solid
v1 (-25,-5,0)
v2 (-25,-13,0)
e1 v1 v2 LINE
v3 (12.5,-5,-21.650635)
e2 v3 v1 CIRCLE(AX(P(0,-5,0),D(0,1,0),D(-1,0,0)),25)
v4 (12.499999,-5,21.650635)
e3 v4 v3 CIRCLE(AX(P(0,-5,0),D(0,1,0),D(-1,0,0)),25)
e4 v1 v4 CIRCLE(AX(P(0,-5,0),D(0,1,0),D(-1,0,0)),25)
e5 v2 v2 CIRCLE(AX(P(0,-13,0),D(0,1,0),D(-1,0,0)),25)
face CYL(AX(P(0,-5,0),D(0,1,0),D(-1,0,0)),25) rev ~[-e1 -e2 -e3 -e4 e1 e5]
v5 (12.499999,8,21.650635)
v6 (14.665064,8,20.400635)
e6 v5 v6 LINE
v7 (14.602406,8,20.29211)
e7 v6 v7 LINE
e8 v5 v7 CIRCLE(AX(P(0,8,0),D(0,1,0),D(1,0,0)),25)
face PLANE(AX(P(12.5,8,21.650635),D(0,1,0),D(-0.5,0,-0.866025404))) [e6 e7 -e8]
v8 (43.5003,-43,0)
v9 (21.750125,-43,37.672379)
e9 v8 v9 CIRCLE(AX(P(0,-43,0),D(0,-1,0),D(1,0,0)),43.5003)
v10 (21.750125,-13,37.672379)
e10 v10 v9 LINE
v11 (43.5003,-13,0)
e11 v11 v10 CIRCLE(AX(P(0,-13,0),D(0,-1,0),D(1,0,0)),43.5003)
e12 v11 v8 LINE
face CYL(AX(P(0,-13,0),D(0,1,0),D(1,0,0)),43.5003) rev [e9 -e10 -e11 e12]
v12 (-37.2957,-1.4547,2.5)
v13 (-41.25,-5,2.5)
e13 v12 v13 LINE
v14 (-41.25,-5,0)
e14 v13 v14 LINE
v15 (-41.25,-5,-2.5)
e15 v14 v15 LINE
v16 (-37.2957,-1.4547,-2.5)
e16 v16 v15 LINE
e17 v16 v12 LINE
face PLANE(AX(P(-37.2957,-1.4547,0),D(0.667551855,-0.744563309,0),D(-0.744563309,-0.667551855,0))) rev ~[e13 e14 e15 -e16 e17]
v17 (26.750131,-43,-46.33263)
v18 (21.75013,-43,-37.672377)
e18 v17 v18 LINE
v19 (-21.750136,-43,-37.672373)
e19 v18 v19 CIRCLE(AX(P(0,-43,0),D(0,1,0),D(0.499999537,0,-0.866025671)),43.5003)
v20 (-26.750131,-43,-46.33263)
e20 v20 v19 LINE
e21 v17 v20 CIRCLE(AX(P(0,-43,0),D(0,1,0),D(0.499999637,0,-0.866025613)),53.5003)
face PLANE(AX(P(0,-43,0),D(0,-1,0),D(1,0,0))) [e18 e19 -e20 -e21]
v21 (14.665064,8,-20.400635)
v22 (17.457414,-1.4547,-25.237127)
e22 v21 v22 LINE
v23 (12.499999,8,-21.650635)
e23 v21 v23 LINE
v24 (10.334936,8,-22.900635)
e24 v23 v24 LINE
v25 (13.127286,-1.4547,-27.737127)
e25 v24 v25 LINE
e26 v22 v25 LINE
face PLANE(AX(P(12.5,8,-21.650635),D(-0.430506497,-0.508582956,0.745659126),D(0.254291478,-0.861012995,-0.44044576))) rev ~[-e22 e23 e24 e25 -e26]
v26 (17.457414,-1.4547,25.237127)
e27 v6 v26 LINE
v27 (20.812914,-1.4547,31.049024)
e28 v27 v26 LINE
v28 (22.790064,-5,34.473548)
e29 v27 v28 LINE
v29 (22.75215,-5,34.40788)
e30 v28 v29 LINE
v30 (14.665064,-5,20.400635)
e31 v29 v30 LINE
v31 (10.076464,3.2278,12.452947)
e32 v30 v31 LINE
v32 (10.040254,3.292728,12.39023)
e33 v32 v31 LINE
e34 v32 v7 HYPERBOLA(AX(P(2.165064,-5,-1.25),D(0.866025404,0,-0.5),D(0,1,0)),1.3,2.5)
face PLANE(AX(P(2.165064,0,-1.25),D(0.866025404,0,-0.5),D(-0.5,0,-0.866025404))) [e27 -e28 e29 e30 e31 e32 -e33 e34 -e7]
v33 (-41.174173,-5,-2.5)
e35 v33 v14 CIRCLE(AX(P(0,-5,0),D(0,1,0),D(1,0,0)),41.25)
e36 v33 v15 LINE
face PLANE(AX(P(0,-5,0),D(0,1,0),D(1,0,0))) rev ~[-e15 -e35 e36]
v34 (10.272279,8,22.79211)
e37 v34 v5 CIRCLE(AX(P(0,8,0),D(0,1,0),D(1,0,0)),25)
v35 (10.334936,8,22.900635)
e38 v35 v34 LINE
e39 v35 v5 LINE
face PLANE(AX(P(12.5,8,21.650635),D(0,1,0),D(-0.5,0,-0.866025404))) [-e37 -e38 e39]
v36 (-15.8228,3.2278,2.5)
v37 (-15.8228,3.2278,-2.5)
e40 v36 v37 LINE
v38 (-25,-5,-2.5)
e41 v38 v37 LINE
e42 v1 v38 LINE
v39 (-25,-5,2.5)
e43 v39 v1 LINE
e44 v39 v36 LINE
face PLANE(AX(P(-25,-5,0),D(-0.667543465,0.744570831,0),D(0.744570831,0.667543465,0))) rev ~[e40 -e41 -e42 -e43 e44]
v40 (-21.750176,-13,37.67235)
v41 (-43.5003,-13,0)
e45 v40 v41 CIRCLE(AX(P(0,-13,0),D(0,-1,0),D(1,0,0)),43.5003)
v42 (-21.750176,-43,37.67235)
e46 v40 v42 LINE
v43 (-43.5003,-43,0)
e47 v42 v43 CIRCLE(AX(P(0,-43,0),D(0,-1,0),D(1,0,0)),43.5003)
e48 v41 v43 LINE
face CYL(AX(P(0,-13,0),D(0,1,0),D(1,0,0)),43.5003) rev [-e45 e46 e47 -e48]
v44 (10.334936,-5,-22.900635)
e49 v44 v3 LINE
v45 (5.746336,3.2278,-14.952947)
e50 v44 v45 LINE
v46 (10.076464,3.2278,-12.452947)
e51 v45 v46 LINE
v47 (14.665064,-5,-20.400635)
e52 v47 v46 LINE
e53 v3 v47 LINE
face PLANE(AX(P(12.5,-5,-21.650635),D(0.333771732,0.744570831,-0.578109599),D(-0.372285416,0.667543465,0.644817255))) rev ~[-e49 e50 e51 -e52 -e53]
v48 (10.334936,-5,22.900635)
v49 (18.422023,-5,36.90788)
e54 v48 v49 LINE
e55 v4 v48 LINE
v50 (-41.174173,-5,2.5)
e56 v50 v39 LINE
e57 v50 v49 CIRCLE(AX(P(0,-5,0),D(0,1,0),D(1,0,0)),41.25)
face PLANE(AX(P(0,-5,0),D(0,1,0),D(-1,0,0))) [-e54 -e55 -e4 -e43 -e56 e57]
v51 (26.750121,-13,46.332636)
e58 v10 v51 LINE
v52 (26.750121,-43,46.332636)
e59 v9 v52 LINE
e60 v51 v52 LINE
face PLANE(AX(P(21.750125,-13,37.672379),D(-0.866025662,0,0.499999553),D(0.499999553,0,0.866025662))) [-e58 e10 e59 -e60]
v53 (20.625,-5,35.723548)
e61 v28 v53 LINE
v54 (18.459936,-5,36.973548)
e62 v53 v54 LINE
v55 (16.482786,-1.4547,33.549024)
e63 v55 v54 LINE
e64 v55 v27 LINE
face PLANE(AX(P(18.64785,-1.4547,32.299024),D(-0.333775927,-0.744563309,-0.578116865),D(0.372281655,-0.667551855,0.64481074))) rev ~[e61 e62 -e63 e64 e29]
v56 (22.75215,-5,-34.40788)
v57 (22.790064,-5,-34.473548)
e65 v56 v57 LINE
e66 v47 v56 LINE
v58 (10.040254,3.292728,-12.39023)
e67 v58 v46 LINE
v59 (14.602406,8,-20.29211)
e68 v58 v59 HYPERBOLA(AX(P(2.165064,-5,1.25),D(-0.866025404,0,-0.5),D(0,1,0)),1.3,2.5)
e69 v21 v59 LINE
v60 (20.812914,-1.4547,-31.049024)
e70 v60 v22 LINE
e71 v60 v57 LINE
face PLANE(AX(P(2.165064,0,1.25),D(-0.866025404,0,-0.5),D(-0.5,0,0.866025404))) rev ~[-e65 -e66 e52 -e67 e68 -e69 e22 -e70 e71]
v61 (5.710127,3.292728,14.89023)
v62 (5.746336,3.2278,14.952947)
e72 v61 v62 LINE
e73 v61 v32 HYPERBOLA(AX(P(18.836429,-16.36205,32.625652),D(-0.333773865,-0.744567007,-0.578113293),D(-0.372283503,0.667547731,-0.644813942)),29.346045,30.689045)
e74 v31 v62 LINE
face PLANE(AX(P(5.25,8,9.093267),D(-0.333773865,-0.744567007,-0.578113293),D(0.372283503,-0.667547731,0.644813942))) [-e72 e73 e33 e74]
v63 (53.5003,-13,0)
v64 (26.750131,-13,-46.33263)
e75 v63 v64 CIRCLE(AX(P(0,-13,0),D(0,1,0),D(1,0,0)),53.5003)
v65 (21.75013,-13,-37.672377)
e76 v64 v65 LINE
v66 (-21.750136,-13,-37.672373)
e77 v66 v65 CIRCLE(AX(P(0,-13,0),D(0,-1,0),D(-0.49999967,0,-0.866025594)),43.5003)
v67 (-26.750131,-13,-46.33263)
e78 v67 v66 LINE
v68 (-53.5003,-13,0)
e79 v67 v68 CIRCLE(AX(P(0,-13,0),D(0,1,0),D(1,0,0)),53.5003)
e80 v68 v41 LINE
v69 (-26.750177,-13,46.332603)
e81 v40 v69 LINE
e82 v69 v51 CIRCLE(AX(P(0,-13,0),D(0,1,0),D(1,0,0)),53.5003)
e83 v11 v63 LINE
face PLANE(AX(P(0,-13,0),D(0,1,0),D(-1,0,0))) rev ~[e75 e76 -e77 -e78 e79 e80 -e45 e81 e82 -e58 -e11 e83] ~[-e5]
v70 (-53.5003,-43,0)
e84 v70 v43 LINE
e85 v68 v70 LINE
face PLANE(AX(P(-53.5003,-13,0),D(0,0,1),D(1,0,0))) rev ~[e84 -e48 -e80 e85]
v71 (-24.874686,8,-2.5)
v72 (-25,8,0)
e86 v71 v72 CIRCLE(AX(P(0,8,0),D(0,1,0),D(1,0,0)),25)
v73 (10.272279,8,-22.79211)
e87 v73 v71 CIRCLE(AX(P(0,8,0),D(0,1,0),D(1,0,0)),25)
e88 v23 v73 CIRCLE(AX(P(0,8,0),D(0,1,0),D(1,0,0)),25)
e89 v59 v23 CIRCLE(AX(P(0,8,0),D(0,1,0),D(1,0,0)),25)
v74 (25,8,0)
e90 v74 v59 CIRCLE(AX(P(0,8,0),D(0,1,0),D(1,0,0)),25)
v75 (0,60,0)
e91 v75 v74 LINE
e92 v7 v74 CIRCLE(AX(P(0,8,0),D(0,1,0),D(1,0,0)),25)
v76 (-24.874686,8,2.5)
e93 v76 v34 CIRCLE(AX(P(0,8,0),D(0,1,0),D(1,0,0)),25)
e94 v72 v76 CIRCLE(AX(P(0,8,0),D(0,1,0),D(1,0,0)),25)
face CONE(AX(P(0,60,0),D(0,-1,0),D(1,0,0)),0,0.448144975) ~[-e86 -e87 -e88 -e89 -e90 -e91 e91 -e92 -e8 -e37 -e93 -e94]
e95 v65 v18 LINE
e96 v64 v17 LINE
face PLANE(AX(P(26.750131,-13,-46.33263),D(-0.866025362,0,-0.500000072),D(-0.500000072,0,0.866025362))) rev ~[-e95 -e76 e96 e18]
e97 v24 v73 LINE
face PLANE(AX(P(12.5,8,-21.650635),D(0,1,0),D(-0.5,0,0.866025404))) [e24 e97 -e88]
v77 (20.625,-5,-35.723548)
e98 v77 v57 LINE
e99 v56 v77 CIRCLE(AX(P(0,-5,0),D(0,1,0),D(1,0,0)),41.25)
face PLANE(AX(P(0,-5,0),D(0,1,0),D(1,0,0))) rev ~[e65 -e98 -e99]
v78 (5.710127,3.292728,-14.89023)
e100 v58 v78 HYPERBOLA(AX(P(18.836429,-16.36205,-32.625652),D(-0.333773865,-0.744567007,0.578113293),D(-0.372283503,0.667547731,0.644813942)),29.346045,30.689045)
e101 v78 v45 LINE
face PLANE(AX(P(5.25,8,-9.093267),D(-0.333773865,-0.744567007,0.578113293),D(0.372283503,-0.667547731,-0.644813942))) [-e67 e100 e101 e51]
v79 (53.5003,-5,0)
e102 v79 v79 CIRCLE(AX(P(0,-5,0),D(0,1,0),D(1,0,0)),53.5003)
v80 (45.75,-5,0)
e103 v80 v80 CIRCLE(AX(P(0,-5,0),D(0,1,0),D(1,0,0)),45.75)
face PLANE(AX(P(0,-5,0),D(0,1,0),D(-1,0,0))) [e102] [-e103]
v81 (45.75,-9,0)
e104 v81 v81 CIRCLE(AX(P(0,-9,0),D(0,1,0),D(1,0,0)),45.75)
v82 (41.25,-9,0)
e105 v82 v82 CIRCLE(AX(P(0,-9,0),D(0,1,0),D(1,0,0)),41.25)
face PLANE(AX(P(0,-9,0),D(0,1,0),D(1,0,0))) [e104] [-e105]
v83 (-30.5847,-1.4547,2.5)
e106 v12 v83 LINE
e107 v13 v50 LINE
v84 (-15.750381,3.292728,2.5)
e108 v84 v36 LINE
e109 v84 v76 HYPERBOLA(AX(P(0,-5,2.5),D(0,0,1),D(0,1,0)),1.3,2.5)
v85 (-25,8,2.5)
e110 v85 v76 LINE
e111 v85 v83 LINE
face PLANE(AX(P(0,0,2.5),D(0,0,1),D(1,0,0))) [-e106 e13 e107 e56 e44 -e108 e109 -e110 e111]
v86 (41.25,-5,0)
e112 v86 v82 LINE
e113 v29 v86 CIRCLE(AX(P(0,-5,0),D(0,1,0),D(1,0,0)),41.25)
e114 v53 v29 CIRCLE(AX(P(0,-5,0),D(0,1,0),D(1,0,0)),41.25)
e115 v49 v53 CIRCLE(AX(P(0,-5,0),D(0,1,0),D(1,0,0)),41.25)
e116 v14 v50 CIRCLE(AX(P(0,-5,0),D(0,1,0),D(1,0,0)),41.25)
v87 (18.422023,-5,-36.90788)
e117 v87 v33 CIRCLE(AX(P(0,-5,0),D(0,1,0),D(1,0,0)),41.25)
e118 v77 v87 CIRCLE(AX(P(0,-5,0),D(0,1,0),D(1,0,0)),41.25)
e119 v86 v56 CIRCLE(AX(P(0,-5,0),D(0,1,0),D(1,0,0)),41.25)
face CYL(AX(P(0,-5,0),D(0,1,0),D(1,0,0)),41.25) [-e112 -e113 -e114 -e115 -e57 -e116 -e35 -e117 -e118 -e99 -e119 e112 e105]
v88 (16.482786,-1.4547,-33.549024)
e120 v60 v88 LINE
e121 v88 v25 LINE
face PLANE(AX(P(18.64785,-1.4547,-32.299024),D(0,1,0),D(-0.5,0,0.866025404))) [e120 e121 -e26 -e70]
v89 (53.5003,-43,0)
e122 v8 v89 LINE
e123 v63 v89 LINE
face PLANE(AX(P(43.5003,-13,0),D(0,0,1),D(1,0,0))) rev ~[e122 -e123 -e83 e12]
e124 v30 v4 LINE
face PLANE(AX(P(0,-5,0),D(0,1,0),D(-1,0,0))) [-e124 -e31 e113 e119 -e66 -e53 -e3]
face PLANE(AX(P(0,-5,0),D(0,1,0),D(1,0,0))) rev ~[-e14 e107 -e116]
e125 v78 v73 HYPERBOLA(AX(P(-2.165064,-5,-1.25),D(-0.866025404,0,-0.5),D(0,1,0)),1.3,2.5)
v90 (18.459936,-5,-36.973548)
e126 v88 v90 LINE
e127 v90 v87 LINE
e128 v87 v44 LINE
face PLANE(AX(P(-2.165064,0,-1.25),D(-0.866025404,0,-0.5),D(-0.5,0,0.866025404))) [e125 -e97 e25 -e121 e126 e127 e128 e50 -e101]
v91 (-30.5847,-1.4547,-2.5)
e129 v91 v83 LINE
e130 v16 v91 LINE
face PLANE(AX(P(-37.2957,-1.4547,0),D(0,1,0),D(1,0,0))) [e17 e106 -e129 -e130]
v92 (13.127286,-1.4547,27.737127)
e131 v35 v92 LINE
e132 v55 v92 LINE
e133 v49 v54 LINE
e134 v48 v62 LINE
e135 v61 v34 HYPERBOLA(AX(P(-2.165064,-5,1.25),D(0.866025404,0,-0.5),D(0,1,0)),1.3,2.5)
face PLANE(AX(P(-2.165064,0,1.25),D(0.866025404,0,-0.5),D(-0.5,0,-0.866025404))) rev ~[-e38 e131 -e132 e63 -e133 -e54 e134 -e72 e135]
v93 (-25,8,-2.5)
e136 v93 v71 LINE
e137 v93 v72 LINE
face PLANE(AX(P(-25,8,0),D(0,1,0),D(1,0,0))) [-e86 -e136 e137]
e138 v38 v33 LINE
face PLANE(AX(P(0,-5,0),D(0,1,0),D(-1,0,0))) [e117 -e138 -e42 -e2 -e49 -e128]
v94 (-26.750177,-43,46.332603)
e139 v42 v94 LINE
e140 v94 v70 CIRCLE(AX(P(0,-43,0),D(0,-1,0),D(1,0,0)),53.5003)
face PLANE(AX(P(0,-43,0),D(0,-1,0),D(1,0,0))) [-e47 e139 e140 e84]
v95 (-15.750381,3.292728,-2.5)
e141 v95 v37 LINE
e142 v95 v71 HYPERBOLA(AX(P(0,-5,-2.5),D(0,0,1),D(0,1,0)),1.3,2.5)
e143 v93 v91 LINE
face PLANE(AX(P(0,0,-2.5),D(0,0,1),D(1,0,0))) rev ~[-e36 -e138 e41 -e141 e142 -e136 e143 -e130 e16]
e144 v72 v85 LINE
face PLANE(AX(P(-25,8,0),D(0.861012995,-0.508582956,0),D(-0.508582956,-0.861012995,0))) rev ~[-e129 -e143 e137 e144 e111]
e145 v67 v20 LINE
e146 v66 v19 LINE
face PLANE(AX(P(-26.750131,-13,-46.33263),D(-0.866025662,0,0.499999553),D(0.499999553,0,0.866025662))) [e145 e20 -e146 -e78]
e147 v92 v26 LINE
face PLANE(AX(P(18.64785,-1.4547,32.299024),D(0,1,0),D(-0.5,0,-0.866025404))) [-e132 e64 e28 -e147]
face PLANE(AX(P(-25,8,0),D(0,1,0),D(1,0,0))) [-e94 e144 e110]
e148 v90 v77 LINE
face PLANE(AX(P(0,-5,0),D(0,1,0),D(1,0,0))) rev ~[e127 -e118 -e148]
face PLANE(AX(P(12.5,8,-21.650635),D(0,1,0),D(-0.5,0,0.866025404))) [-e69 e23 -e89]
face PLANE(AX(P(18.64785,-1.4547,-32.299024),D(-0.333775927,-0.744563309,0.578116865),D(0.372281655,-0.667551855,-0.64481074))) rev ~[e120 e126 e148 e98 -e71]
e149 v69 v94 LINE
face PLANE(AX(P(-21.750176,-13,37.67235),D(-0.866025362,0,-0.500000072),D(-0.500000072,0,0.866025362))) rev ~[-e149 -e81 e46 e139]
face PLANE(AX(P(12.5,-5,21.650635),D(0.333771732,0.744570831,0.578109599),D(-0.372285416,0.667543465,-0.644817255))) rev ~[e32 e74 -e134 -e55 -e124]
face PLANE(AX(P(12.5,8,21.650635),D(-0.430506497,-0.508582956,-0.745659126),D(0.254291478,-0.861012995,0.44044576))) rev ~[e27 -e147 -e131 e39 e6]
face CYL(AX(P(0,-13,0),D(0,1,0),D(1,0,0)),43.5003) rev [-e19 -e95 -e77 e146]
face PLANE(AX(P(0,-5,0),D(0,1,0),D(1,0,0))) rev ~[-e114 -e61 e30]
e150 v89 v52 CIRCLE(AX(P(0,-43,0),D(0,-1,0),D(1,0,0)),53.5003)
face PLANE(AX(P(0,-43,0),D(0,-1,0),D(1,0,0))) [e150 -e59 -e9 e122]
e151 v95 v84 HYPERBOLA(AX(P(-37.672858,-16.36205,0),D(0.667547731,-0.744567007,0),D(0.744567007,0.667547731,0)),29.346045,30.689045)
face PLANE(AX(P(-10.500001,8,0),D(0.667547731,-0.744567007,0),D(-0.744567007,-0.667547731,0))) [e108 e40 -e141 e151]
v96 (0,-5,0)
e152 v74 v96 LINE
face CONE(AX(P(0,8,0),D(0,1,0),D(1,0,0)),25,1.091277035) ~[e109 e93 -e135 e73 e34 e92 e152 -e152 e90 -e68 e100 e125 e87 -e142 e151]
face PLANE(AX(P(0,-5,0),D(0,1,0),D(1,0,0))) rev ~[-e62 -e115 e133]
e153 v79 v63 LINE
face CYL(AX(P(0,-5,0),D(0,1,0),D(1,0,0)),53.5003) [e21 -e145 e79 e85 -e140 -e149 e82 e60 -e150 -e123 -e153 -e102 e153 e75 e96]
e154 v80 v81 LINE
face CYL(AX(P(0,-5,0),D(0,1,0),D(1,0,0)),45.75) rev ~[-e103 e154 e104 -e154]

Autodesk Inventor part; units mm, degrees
ref_plane "YZ Plane" through (0, 0, 0) normal (1, 0, 0) x (0, 1, 0)
ref_plane "XY Plane" through (0, 0, 0) normal (0, 0, 1) x (1, 0, 0)
sketch "Sketch1" plane through (0, 0, 0) normal (0, 0, 1) x (1, 0, 0)
  line L0 (0, 60) -> (25, 8)
  line L1 (25, 8) -> (0, -5)
  line L2 (0, -5) -> (0, 0)
  line L3 (0, 0) -> (0, 60)
  dimension "d1" = 60
  dimension "d2" = 13
  dimension "d18" = 5
  dimension "d19" = 25
revolve "Revolution1" add sketch "Sketch1" angle 360 about axis through (0, 0, 0) along (0, 1, 0)
ref_plane "Work Plane1" through (0, -5, 0) normal (0, 1, 0) x (-1, 0, 0)
sketch "Sketch3" plane through (0, -5, 0) normal (0, 1, 0) x (-1, 0, 0)
  circle A0 centre (0, 0) radius 25
  circle A1 centre (0, 0) radius 41.25
  dimension "d7" = 50
  dimension "d8" = 82.5
extrude "Extrusion1" add sketch "Sketch3" against normal blind 8
sketch "Sketch4" plane through (0, 0, 0) normal (0, 0, 1) x (1, 0, 0)
  line L0 (0, 60) -> (-25, 8) projected
  line L1 (41.25, -5) -> (-41.25, -5) projected
  line L2 (-25, -13) -> (-25, -5) projected
  line L3 (25, -13) -> (25, -5) projected
  line L4 (41.25, -5) -> (41.25, -13) projected
  line L5 (-41.25, -5) -> (-41.25, -13) projected
  line L6 (25, 8) -> (0, -5) projected
  line L7 (0, 60) -> (25, 8) projected
  line L8 (-37.2957, -1.4547) -> (-41.25, -5)
  line L9 (-25, -5) -> (-15.8228, 3.2278)
  line L10 (-41.25, -5) -> (-25, -5)
  line L11 (-25, 8) -> (25, 8) projected
  line L12 (-25, 8) -> (-12.5712, 19.143)
  line L13 (-12.5712, 19.143) -> (-7.4345, 10.7484)
  line L14 (-7.4345, 10.7484) -> (-15.8228, 3.2278)
  line L15 (-25, 8) -> (-30.5847, -1.4547)
  line L16 (-37.2957, -1.4547) -> (-30.5847, -1.4547)
  point P0 (0, 0)
  point P1 (0, -5)
  point P2 (-10.5, 8)
extrude "Extrusion2" add sketch "Sketch4" along normal mid plane 5 contours L11 L14 L9 L1 L8 L16 L15
pattern_circular "Circular Pattern1" count 3 over 360 about axis through (0, -10, 0) along (0, 1, 0) of "Extrusion2"
sketch "Sketch5" plane through (0, -5, 0) normal (0, 1, 0) x (1, 0, 0)
  circle A0 centre (0, 0) radius 39.5
  circle A1 centre (0, 0) radius 28.5
  dimension "d16" = 79
  dimension "d17" = 57
sketch "Sketch6" plane through (0, -5, 0) normal (0, 1, 0) x (1, 0, 0)
  circle A0 centre (0, 0) radius 41.25
  circle A1 centre (0, 0) radius 45.75
  circle A2 centre (0, 0) radius 53.5003
  dimension "d20" = 82.5
  dimension "d21" = 4.5
extrude "Extrusion3" add sketch "Sketch6" against normal blind 8 contours A1 | A2
sketch "Sketch7" plane through (0, -5, 0) normal (0, 1, 0) x (1, 0, 0)
  circle A0 centre (0, 0) radius 45.75 projected
  circle A1 centre (0, 0) radius 41.25 projected
extrude "Extrusion4" cut sketch "Sketch7" against normal blind 4
sketch "Sketch8" plane through (0, -13, 0) normal (0, -1, 0) x (1, 0, 0)
  circle A0 centre (0, 0) radius 53.5003
  circle A1 centre (0, 0) radius 53.5003 projected
  circle A2 centre (0, 0) radius 43.5003
  line L0 (0, -60.7067) -> (0, 74.3031)
  line L1 (53.5003, -65.9653) -> (53.5003, 59.8233)
  line L2 (-62.5744, 0) -> (102.4614, 0)
  line L3 (-37.8313, -65.5258) -> (42.3793, 73.4032)
  line L4 (39.8021, -68.9393) -> (-31.97, 55.3736)
  point P0 (26.7502, 46.3326)
  point P1 (21.7502, 37.6724)
  point P2 (43.5003, 0)
  point P3 (53.5003, 0)
  point P4 (-21.7502, -37.6724)
  point P5 (-26.7502, -46.3326)
  point P6 (26.7502, -46.3326)
  point P7 (21.7502, -37.6724)
  point P8 (-21.7502, 37.6724)
  point P9 (-26.7502, 46.3326)
  point P10 (-53.5003, 0)
  point P11 (-43.5003, 0)
  dimension "d26" = 0
  dimension "d27" = 10
  dimension "d28" = 120
  dimension "d29" = 120
  dimension "d30" = 120
extrude "Extrusion5" add sketch "Sketch8" along normal blind 30 contours L2 A2 L3 A0 | A0 L0 A2 L4 | A0 L3 A2 L0 | L4 A2 L2 A0 picked at (40.4215, 23.3374) picked at (5.6147, -49.6757) picked at (-3.0967, -49.896) picked at (-40.4215, 23.3374)
equation "\"d29\" = d28"
properties part number "Reflector+feet"
